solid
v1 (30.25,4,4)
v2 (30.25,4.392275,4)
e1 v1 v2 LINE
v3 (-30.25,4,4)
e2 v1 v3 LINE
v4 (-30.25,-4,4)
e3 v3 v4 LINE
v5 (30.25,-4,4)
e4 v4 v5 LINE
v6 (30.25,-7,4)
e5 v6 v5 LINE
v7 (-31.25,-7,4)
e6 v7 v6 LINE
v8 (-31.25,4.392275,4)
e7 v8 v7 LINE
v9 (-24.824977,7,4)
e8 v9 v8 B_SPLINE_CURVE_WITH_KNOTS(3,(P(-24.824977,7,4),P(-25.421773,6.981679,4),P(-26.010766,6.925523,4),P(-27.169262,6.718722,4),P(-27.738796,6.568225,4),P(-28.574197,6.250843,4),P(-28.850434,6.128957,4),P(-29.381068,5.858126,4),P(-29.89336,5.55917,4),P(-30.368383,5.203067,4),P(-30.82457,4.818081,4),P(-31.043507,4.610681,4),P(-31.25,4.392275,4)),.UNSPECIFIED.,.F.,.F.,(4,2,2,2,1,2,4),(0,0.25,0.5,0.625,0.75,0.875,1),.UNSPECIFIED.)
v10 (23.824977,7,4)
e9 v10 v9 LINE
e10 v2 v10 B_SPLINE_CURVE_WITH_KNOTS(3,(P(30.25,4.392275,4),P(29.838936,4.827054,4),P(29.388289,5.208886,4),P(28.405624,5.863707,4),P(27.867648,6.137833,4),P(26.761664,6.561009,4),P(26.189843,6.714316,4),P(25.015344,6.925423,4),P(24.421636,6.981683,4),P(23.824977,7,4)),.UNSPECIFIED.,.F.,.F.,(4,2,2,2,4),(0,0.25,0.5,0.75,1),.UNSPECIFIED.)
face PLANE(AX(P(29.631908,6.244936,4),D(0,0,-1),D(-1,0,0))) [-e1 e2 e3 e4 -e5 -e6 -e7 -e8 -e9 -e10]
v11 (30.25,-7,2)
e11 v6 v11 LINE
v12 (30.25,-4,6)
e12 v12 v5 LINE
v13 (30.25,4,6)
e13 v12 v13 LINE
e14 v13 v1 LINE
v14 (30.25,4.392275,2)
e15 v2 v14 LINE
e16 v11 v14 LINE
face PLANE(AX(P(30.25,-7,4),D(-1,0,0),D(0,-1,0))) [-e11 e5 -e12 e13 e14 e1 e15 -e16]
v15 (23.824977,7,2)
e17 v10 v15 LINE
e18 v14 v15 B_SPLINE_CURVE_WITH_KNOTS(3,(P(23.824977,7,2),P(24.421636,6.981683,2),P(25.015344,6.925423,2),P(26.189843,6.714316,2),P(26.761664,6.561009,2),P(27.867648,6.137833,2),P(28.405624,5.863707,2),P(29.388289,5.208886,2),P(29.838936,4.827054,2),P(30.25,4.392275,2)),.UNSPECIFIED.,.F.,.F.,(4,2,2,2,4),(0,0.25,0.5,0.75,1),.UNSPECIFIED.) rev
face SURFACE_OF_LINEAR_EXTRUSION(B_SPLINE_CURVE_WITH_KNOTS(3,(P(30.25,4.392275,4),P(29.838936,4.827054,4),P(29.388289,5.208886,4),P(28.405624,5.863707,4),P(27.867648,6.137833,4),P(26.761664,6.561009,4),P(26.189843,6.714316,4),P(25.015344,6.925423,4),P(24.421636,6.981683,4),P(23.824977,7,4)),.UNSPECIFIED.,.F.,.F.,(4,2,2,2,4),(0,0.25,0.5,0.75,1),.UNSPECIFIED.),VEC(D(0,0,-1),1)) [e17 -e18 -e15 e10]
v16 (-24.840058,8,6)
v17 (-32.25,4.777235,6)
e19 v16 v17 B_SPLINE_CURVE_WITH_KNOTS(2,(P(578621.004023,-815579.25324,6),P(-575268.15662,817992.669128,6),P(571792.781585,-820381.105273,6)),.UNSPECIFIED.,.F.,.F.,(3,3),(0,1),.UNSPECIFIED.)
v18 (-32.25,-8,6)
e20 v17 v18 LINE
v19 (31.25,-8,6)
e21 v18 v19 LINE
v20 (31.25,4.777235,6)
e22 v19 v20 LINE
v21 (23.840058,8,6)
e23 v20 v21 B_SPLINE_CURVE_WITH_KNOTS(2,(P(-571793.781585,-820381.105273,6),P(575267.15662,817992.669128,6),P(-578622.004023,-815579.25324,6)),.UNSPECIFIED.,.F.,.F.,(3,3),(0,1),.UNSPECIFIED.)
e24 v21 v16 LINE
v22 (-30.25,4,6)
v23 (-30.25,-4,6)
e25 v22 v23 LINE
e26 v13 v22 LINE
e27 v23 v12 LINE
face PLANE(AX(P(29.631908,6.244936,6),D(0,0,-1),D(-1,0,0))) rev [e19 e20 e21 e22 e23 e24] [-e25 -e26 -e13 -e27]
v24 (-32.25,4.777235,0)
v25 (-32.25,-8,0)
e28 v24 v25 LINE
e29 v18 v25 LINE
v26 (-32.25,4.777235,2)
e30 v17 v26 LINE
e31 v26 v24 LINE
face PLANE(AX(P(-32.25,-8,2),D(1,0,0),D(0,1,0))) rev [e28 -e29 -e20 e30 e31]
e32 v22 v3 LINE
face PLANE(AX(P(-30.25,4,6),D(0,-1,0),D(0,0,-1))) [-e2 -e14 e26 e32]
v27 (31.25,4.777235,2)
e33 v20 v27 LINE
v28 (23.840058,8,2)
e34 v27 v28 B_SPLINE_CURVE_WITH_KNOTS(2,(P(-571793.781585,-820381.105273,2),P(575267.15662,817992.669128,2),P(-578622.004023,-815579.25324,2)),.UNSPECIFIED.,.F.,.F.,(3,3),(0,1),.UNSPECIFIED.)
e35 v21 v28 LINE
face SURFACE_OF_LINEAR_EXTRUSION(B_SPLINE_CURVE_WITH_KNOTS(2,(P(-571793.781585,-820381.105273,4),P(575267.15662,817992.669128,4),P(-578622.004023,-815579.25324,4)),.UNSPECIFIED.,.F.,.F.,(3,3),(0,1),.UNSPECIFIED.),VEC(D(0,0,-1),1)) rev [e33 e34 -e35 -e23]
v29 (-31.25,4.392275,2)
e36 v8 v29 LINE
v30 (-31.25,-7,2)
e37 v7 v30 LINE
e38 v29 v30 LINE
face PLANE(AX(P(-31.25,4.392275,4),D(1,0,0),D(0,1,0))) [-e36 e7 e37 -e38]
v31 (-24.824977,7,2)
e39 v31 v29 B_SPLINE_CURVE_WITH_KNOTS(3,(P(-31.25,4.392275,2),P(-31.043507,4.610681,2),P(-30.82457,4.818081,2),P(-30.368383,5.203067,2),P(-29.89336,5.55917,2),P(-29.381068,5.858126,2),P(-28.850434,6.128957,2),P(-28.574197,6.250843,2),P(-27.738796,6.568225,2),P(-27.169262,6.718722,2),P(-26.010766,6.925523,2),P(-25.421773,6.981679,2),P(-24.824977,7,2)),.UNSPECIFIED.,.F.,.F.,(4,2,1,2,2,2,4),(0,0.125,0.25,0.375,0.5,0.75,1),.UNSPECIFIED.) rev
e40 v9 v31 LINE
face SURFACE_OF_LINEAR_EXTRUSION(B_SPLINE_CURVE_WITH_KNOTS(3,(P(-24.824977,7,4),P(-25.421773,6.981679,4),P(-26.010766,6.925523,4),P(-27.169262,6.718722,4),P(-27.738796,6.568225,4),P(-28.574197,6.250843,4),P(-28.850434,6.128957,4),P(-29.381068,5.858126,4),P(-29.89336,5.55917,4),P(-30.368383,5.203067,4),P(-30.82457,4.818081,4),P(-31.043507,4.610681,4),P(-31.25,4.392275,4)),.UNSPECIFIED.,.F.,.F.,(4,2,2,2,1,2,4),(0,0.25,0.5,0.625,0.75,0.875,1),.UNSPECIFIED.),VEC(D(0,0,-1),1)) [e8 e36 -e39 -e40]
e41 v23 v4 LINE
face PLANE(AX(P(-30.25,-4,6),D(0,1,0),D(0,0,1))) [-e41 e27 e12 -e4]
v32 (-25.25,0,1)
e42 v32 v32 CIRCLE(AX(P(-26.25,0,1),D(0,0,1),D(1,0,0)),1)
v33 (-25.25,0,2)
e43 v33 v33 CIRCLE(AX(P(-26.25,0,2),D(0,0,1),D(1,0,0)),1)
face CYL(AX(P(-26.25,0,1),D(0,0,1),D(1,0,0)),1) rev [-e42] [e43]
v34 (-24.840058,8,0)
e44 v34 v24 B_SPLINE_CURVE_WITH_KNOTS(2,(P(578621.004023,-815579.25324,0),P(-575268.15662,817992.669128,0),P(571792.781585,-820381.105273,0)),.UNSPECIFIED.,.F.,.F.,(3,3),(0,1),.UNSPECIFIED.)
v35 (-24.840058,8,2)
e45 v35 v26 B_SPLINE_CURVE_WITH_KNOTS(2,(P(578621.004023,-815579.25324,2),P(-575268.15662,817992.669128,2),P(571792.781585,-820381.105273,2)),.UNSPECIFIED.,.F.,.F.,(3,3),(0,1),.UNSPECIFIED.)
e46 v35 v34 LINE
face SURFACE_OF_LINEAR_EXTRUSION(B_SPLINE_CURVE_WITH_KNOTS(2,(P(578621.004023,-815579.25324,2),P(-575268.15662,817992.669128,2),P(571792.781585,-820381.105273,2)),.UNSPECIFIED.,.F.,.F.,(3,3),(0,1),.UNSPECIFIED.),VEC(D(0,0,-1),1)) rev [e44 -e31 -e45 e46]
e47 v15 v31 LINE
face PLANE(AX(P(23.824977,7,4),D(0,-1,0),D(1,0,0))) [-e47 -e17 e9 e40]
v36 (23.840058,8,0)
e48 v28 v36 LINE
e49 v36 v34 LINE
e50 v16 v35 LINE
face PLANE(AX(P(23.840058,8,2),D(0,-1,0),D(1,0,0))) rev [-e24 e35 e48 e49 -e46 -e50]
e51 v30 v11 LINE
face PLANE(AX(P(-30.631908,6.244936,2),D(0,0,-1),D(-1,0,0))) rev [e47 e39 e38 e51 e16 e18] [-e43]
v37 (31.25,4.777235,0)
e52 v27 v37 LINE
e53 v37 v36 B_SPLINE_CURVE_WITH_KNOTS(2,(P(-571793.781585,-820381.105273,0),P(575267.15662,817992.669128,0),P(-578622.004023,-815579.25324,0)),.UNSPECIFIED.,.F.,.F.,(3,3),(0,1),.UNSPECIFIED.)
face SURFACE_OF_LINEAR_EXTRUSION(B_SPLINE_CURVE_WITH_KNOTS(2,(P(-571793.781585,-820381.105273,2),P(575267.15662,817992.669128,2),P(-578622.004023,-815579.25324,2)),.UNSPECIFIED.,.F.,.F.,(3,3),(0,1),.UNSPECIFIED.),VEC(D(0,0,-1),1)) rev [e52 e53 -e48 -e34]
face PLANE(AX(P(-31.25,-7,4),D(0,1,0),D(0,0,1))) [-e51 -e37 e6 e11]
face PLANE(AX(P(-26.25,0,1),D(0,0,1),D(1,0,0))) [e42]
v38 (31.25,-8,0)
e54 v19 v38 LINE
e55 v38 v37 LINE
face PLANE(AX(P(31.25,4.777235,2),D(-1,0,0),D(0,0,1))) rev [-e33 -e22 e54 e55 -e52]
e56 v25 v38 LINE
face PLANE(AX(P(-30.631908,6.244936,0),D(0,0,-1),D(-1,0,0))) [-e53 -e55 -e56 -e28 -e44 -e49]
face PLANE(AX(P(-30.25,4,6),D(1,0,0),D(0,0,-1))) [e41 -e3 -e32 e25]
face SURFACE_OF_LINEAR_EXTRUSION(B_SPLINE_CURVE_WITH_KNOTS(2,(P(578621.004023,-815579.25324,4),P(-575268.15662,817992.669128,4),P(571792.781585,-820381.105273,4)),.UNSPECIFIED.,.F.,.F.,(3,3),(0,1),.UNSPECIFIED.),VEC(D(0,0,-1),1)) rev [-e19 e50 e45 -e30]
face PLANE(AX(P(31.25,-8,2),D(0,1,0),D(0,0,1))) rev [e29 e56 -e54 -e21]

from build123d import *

# Parameters (mm, degrees)
BOSS_EXTRUDE1_DEPTH = 2
BOSS_EXTRUDE2_DEPTH = 2
SKETCH4_W           = 60.5
SKETCH4_H           = 8
BOSS_EXTRUDE3_DEPTH = 2
SKETCH5_R           = 1
CUT_EXTRUDE1_DEPTH  = 1
CUT_EXTRUDE2_DEPTH  = 1


with BuildPart() as part:
    # Sketch1 → Boss-Extrude1 (new body)
    with BuildSketch(Plane.XY):
        with BuildLine():
            Line((23.840057871, 8), (-24.840057871, 8))
            add(Edge.make_bspline(
                [(-24.840057871, 8), (-29.579374102, 7.859454073), (-32.25, 4.777235297)],
                knots=[0, 0, 0, 1, 1, 1], degree=2))
            Line((-32.25, 4.777235297), (-32.25, -8))
            Line((-32.25, -8), (31.25, -8))
            Line((31.25, -8), (31.25, 4.777235297))
            add(Edge.make_bspline(
                [(23.840057871, 8), (28.579374102, 7.859454073), (31.25, 4.777235297)],
                knots=[0, 0, 0, 1, 1, 1], degree=2))
        make_face()
    extrude(amount=BOSS_EXTRUDE1_DEPTH)

    # Sketch2 → Boss-Extrude2 (add)
    with BuildSketch(Plane.XY.offset(2)):
        with BuildLine():
            Line((-32.25, -8), (31.25, -8))
            Line((31.25, -8), (31.250000012, 4.777235284))
            add(Edge.make_bspline(
                [(31.250000012, 4.777235284), (28.579374112, 7.859454073), (23.840057871, 8)],
                knots=[0, 0, 0, 1, 1, 1], degree=2))
            Line((23.840057871, 8), (-24.84005786, 8))
            add(Edge.make_bspline(
                [(-24.84005786, 8), (-29.579374099, 7.859454077), (-32.25, 4.777235297)],
                knots=[0, 0, 0, 1, 1, 1], degree=2))
            Line((-32.25, 4.777235297), (-32.25, -8))
        make_face()
        with BuildLine():
            Line((-31.25, -7), (30.25, -7))
            Line((30.25, -7), (30.250000006, 4.392275401))
            add(Edge.make_bspline(
                [(30.250000006, 4.392275401), (29.838936293, 4.827054032), (29.388289272, 5.208885934), (28.405623687, 5.863706962), (27.867648486, 6.137833076), (26.761664402, 6.561008933), (26.189843053, 6.714315907), (25.015344092, 6.925422761), (24.421635521, 6.981682834), (23.824977184, 7)],
                knots=[0, 0, 0, 0, 0.25, 0.25, 0.5, 0.5, 0.75, 0.75, 1, 1, 1, 1], degree=3))
            Line((23.824977184, 7), (-24.824977186, 7))
            add(Edge.make_bspline(
                [(-24.824977186, 7), (-25.421773324, 6.981678604), (-26.010765986, 6.925523135), (-27.169262236, 6.718722121), (-27.738796388, 6.568224766), (-28.574197272, 6.250843034), (-28.850434321, 6.12895654), (-29.381068271, 5.858126444), (-29.893359619, 5.559169961), (-30.368382987, 5.203067082), (-30.824570304, 4.818081166), (-31.043507271, 4.610681029), (-31.25, 4.392275407)],
                knots=[0, 0, 0, 0, 0.25, 0.25, 0.5, 0.5, 0.625, 0.625, 0.75, 0.875, 0.875, 1, 1, 1, 1], degree=3))
            Line((-31.25, 4.392275407), (-31.25, -7))
        make_face(mode=Mode.SUBTRACT)
    extrude(amount=BOSS_EXTRUDE2_DEPTH)

    # Sketch4 → Boss-Extrude3 (add)
    with BuildSketch(Plane.XY.offset(4)):
        with BuildLine():
            Line((-32.25, -8), (31.25, -8))
            Line((31.25, -8), (31.250000012, 4.777235284))
            add(Edge.make_bspline(
                [(31.250000012, 4.777235284), (28.579374112, 7.859454073), (23.840057871, 8)],
                knots=[0, 0, 0, 1, 1, 1], degree=2))
            Line((23.840057871, 8), (-24.84005786, 8))
            add(Edge.make_bspline(
                [(-24.84005786, 8), (-29.579374099, 7.859454077), (-32.25, 4.777235297)],
                knots=[0, 0, 0, 1, 1, 1], degree=2))
            Line((-32.25, 4.777235297), (-32.25, -8))
        make_face()
        Rectangle(SKETCH4_W, SKETCH4_H, mode=Mode.SUBTRACT)
    extrude(amount=BOSS_EXTRUDE3_DEPTH)

    # Sketch5 → Cut-Extrude1 (cut)
    with BuildSketch(Plane.XY.offset(2)):
        with Locations((-26.25, 0)):
            Circle(SKETCH5_R)
    extrude(amount=-CUT_EXTRUDE1_DEPTH, mode=Mode.SUBTRACT)

    # Sketch6 → Cut-Extrude2 (cut)
    with BuildSketch(Plane(origin=(0, 0, 0), x_dir=(-1, 0, 0), z_dir=(0, 0, -1))):
        with BuildLine():
            Line((24.840057871, 8), (31.25, 8))
            Line((31.25, 8), (32.25, 4.777235297))
            add(Edge.make_bspline(
                [(24.840057871, 8), (29.579374102, 7.859454073), (32.25, 4.777235297)],
                knots=[0, 0, 0, 1, 1, 1], degree=2))
        make_face()
    cut_extrude2 = extrude(amount=-CUT_EXTRUDE2_DEPTH, mode=Mode.SUBTRACT)

    # Mirror1: Cut-Extrude2 across plane
    add(cut_extrude2.mirror(Plane(origin=(0, 0, 0), x_dir=(0, 0, 1), z_dir=(1, 0, 0))), mode=Mode.SUBTRACT)


solid = part.part
